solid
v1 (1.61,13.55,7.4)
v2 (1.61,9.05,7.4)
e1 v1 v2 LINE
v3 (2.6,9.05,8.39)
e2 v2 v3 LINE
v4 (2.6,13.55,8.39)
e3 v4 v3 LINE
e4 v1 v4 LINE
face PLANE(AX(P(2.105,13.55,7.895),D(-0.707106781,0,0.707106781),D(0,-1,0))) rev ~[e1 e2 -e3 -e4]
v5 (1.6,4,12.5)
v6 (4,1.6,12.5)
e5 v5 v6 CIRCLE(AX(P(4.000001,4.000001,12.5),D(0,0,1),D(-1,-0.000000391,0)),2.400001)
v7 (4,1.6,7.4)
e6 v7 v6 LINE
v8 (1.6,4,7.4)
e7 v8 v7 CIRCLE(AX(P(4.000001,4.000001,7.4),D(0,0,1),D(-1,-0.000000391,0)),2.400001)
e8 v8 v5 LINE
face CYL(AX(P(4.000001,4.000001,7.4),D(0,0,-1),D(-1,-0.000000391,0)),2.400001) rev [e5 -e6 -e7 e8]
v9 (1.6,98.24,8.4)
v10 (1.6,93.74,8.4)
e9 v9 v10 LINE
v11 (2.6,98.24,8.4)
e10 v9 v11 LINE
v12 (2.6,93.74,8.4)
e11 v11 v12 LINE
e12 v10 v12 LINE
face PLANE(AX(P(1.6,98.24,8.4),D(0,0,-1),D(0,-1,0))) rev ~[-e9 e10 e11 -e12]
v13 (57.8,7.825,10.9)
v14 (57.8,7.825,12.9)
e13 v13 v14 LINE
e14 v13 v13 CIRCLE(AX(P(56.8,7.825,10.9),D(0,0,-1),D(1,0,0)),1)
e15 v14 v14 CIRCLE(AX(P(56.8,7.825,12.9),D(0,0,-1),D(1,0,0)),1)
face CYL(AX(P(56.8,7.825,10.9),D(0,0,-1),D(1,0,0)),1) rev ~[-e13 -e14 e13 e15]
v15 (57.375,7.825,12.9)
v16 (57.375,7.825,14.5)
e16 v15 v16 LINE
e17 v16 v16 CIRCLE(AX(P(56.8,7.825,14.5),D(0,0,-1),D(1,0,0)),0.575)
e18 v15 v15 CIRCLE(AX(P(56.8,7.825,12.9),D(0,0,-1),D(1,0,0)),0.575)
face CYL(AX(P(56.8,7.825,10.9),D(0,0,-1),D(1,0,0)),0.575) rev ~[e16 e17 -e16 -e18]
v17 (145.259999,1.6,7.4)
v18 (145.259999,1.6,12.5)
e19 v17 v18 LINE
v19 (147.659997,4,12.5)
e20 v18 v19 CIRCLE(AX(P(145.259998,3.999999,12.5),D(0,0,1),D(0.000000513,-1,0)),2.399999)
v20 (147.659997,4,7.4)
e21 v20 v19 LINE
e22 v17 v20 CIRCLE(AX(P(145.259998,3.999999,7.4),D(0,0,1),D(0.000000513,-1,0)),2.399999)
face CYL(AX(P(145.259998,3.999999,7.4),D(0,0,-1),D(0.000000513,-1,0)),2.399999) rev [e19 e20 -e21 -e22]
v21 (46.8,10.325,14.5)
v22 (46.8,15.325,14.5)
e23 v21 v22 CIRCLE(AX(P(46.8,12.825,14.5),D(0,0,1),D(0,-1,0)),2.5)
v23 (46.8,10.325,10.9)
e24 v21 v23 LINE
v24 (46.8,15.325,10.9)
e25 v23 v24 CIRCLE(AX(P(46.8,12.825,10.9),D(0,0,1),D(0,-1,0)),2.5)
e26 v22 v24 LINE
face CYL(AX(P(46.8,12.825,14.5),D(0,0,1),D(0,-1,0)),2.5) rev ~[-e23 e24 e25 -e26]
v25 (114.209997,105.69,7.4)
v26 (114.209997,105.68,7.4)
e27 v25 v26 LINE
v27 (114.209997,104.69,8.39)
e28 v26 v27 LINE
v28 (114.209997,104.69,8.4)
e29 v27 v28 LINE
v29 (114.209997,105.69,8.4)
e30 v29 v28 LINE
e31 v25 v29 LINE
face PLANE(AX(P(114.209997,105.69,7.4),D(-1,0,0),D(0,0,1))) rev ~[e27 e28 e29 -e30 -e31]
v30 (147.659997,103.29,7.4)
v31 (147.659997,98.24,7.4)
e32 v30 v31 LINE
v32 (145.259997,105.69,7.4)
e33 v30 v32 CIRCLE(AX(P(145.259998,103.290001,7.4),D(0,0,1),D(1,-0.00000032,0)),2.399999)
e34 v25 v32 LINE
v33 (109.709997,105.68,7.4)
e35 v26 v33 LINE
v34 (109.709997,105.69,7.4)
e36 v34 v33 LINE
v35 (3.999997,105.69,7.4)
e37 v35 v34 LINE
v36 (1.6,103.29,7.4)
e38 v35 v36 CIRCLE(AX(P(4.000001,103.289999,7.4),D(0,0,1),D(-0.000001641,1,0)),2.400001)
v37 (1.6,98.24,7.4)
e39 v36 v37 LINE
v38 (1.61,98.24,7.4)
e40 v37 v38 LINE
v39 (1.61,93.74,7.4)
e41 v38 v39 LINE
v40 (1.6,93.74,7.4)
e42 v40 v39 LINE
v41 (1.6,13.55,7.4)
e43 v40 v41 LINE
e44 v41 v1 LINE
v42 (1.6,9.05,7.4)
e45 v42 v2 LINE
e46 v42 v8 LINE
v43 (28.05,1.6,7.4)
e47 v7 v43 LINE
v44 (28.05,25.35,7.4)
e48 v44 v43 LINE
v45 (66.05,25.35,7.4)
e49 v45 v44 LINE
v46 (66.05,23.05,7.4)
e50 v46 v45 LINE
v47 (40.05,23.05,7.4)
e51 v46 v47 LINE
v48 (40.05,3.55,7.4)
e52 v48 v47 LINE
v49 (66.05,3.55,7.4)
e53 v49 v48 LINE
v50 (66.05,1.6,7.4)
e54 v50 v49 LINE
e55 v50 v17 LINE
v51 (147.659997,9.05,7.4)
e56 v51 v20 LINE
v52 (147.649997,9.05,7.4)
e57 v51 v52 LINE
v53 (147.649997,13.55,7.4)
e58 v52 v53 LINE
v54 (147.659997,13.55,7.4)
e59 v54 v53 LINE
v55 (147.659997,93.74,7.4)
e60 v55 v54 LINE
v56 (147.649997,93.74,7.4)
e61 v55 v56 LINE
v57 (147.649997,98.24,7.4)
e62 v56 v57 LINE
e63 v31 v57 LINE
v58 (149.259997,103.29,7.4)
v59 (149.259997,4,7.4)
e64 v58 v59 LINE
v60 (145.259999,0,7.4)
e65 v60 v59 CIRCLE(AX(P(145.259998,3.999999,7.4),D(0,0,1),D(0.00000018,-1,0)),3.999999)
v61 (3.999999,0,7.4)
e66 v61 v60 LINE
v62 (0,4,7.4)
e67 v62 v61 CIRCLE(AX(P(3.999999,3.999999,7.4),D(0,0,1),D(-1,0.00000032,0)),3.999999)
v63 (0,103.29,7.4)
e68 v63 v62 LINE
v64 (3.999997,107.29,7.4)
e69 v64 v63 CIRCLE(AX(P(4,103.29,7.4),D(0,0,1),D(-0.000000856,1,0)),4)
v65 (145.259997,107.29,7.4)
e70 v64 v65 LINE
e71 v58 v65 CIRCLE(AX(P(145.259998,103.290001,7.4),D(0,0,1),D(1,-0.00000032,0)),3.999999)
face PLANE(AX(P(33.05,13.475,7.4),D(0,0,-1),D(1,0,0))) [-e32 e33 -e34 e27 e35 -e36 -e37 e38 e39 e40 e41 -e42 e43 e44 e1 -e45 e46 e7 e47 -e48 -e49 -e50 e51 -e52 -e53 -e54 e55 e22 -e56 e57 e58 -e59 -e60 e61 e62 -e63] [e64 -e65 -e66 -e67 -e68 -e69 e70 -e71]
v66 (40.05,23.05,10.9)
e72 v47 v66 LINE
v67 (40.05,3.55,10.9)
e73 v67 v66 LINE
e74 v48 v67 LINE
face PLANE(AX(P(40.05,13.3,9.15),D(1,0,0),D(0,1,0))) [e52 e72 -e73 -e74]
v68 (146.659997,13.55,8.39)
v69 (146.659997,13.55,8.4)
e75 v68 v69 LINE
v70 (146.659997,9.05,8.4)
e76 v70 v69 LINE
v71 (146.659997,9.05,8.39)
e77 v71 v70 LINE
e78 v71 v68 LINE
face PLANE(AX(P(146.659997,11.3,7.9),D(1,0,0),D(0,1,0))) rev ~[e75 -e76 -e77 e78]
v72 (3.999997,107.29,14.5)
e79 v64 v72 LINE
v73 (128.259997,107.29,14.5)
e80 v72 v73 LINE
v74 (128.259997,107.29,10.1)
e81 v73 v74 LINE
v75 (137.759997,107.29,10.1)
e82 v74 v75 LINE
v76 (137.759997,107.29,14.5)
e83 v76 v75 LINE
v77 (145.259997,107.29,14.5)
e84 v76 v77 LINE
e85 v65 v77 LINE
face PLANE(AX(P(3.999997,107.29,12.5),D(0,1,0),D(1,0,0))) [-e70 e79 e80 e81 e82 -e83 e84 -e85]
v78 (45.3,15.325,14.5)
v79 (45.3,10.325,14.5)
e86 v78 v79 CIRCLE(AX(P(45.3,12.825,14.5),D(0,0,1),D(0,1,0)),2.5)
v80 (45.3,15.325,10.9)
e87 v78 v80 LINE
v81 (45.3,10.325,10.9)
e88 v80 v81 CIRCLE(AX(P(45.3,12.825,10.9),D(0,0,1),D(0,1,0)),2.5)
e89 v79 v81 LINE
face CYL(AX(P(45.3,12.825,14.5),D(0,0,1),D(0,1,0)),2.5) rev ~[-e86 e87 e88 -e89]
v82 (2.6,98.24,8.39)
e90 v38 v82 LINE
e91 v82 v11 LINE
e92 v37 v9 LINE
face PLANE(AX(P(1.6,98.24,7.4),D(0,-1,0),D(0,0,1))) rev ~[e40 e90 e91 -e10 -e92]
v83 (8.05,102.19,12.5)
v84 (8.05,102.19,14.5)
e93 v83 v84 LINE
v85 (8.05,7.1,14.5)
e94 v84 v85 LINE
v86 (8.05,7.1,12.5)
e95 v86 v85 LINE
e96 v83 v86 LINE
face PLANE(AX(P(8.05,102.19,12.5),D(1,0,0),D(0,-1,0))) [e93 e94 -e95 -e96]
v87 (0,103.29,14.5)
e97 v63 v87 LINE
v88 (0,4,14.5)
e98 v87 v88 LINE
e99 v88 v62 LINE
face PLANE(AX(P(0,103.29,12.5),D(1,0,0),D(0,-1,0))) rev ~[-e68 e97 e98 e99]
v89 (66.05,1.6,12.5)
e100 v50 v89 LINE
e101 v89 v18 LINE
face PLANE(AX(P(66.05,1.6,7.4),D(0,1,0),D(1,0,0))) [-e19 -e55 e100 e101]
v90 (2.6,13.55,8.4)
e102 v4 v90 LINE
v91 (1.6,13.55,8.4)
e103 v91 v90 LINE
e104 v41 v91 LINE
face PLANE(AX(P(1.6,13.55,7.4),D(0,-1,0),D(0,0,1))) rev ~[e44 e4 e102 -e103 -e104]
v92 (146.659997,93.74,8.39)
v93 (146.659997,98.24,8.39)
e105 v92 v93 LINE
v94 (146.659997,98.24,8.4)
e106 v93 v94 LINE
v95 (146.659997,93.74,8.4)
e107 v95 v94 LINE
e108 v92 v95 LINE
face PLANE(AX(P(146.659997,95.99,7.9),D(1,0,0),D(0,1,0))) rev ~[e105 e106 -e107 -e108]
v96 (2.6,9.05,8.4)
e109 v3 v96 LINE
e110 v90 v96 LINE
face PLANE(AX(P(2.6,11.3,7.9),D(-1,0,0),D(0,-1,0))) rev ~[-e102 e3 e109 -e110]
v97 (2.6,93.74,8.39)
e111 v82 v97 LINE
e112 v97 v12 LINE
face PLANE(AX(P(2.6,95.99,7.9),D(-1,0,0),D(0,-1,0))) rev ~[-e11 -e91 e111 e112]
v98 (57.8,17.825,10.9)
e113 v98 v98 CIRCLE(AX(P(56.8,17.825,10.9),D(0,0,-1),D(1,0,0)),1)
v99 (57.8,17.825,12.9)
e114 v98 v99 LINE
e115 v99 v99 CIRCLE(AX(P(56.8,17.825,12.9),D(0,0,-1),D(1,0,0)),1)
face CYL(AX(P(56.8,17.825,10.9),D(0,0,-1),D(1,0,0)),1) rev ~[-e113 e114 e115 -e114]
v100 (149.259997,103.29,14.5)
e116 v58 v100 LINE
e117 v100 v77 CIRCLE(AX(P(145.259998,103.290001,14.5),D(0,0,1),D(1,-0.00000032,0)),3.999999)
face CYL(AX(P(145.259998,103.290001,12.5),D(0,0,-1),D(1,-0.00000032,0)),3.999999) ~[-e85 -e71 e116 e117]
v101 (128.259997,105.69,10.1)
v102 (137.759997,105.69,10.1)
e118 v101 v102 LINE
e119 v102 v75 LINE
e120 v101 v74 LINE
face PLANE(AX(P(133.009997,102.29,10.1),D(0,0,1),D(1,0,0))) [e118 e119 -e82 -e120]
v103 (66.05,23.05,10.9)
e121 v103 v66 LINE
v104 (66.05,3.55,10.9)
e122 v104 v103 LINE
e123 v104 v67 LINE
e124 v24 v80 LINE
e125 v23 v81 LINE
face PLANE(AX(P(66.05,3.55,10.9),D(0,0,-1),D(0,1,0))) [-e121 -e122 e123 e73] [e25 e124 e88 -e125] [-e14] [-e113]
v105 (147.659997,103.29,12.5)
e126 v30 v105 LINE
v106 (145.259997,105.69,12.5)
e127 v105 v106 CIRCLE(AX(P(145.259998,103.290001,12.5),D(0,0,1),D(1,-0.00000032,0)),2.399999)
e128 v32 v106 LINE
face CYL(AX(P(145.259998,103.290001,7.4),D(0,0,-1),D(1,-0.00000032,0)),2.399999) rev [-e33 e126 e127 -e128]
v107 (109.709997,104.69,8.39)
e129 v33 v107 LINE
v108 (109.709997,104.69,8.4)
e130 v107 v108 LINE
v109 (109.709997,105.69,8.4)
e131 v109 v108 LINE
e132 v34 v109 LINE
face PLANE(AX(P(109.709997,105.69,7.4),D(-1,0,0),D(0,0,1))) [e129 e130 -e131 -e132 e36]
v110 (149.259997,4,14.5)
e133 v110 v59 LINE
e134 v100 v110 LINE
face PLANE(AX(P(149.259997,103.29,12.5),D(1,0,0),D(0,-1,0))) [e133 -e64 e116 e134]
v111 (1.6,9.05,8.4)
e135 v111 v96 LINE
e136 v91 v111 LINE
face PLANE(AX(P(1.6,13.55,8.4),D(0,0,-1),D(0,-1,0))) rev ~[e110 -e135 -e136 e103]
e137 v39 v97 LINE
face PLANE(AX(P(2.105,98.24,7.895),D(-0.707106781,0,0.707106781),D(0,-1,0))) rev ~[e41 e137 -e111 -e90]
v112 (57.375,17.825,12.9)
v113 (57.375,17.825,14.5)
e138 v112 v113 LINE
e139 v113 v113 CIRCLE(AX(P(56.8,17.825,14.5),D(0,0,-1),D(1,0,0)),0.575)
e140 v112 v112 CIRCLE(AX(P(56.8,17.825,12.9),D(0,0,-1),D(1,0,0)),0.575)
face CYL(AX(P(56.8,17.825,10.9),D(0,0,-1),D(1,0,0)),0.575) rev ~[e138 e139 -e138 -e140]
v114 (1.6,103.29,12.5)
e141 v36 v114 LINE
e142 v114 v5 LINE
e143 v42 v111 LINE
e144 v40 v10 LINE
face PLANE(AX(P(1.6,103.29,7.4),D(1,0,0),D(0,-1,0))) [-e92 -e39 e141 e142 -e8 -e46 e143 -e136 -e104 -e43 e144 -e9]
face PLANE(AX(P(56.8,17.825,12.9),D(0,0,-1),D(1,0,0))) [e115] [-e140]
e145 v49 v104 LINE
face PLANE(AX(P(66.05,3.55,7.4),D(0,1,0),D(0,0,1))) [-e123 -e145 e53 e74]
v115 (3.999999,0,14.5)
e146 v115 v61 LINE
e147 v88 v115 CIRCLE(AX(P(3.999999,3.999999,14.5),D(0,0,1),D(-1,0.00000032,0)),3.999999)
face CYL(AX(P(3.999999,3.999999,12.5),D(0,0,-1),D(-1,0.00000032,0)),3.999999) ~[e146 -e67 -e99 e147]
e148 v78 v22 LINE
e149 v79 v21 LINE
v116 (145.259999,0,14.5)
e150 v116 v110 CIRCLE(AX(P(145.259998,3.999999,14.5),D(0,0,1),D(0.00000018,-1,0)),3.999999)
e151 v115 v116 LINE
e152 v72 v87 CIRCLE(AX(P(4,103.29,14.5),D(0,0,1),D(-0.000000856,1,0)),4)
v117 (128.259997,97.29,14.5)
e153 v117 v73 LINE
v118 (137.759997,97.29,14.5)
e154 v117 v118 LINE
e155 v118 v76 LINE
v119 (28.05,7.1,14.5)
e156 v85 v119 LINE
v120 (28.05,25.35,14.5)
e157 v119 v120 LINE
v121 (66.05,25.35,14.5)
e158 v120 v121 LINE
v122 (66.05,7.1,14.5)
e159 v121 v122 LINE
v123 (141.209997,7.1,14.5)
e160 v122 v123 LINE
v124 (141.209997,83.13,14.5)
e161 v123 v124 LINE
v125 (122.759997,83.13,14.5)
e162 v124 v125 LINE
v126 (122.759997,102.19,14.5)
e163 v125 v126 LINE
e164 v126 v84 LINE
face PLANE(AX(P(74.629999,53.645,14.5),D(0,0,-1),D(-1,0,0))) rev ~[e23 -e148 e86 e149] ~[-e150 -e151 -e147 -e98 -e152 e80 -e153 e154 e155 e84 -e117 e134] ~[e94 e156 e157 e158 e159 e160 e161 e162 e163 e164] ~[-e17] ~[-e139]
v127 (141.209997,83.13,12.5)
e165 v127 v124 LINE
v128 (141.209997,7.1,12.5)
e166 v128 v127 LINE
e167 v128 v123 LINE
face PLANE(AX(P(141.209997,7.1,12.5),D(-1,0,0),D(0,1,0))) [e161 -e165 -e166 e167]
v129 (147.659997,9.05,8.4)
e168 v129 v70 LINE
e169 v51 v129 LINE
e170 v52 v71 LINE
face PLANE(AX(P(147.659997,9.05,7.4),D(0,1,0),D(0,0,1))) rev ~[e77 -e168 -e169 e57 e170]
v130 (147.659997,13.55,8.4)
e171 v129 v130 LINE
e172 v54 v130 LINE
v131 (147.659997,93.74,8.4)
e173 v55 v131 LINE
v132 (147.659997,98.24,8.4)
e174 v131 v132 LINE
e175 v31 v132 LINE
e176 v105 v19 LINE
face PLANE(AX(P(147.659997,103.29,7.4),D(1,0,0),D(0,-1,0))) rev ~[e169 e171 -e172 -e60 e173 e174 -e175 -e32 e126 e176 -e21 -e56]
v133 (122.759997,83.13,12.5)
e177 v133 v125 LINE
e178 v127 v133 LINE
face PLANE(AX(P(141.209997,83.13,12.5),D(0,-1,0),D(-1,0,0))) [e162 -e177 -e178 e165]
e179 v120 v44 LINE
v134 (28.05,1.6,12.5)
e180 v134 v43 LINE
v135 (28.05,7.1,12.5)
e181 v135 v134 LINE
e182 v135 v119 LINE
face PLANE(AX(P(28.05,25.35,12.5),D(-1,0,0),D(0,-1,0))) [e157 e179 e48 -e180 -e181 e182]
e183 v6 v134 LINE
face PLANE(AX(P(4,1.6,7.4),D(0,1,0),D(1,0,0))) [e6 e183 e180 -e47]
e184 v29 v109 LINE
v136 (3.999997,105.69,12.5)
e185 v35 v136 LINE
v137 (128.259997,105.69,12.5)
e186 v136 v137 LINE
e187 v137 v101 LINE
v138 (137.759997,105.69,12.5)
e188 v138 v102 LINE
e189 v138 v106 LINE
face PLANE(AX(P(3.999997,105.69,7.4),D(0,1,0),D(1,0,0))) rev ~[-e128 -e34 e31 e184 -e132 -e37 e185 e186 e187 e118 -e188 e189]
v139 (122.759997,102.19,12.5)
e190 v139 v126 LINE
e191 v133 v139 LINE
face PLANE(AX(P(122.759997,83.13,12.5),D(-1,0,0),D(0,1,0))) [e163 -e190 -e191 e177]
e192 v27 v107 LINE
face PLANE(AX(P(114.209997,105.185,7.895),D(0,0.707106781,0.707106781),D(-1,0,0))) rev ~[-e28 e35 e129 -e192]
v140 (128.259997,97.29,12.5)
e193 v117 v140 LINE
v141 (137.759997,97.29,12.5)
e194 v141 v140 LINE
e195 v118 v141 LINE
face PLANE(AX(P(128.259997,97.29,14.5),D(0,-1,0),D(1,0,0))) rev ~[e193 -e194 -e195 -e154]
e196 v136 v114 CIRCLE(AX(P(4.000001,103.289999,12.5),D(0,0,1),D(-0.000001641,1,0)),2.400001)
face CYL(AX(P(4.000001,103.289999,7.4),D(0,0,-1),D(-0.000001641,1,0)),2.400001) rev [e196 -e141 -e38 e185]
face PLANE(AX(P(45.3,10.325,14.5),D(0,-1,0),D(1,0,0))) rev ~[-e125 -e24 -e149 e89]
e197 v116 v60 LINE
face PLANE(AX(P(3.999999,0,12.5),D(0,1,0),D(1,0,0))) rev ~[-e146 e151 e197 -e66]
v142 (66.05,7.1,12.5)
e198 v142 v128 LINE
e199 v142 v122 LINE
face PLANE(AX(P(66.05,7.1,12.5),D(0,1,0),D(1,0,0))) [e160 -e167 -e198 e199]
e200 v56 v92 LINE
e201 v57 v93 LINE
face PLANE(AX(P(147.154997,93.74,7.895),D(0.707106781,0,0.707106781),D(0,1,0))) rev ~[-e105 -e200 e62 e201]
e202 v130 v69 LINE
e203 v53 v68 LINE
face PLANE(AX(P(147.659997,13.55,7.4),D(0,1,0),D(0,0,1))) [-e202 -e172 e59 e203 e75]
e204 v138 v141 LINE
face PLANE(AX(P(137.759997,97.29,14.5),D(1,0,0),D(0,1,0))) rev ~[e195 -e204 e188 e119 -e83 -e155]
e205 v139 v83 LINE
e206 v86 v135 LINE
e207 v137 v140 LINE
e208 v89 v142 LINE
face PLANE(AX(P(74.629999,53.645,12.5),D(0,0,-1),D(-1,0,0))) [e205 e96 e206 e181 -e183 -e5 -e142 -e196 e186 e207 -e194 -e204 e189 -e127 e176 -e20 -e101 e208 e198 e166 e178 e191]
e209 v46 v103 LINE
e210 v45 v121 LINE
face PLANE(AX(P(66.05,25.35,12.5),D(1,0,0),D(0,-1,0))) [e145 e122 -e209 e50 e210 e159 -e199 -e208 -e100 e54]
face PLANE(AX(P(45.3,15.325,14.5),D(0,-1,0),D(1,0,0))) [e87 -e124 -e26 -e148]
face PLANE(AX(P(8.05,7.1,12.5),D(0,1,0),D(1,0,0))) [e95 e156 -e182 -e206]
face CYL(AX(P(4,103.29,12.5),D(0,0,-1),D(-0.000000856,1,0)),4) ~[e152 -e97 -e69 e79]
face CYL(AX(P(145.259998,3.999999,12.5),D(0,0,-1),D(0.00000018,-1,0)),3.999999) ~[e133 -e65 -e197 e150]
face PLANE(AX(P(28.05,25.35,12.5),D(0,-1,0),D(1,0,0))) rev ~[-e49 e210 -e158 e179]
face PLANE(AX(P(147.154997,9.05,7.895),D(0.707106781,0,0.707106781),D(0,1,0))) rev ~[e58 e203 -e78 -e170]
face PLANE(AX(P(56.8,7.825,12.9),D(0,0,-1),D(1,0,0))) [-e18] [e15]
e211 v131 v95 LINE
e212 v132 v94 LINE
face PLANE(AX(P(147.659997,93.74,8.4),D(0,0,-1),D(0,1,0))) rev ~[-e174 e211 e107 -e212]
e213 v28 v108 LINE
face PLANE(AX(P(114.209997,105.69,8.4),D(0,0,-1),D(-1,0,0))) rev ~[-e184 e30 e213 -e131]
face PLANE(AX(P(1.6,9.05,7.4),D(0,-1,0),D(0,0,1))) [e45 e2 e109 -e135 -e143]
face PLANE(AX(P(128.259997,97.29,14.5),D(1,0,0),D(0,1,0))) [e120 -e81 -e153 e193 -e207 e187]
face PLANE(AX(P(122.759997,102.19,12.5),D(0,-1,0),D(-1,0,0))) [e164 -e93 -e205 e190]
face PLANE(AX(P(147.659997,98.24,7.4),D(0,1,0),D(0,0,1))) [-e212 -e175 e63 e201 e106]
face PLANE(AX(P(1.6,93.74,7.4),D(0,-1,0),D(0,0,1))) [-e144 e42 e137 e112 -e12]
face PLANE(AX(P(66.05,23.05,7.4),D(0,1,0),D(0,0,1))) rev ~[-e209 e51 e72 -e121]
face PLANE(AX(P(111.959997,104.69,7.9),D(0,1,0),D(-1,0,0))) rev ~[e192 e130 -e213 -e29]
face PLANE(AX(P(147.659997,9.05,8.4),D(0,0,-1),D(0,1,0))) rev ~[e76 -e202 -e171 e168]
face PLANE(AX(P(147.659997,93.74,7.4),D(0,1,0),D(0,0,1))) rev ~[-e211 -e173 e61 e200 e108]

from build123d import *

# Parameters (mm, degrees)
PAD006_DEPTH    = 5.1
PAD007_DEPTH    = 2
SKETCH012_W     = 19.5
SKETCH012_H     = 3.5
POCKET004_DEPTH = 26
POCKET005_DEPTH = 5
SKETCH014_R     = 0.575
POCKET006_DEPTH = 3.6
SKETCH015_R     = 1
POCKET007_DEPTH = 2
SKETCH016_W     = 4.5
SKETCH016_H     = 1
PAD008_DEPTH    = 1
CHAMFER_SIZE    = 0.99
SKETCH017_W     = 4.5
SKETCH017_H     = 1
PAD009_DEPTH    = 1
CHAMFER001_SIZE = 0.99
SKETCH018_W     = 9.5
SKETCH018_H     = 10
POCKET008_DEPTH = 4.4
SKETCH022_W     = 4.5
SKETCH022_H     = 1
PAD011_DEPTH    = 1
CHAMFER002_SIZE = 0.99
SKETCH023_W     = 10
SKETCH023_H     = 23.75
PAD012_DEPTH    = 5.1


with BuildPart() as part:
    # Sketch010 → Pad006 (new body)
    with BuildSketch(Plane.XY.offset(7.4)):
        with BuildLine():
            Line((149.259997, 103.29), (149.259997, 4))
            ThreePointArc((145.259999, 0), (148.088425, 1.171573), (149.259997, 4))
            Line((3.999999, 0), (145.259999, 0))
            ThreePointArc((0, 4), (1.171572, 1.171573), (3.999999, 0))
            Line((0, 103.29), (0, 4))
            ThreePointArc((3.999997, 107.29), (1.171572, 106.118426), (0, 103.29))
            Line((3.999997, 107.29), (145.259997, 107.29))
            ThreePointArc((149.259997, 103.29), (148.088425, 106.118427), (145.259997, 107.29))
        make_face()
        with BuildLine():
            Line((3.999997, 105.69), (145.259997, 105.69))
            ThreePointArc((147.659997, 103.29), (146.957054, 104.987056), (145.259997, 105.69))
            Line((147.659997, 103.29), (147.659997, 4))
            ThreePointArc((145.259999, 1.6), (146.957054, 2.302944), (147.659997, 4))
            Line((66.05, 1.6), (145.259999, 1.6))
            Line((66.05, 1.6), (66.05, 25.35))
            Line((66.05, 25.35), (38.05, 25.35))
            Line((38.05, 25.35), (38.05, 1.6))
            Line((4, 1.6), (38.05, 1.6))
            ThreePointArc((1.6, 4), (2.302944, 2.302944), (4, 1.6))
            Line((1.6, 103.29), (1.6, 4))
            ThreePointArc((3.999997, 105.69), (2.302943, 104.987055), (1.6, 103.29))
        make_face(mode=Mode.SUBTRACT)
    extrude(amount=PAD006_DEPTH)

    # Sketch011 (on Face22 of Pad006) → Pad007 (join)
    with BuildSketch(Plane.XY.offset(12.5)):
        with BuildLine():
            Line((149.259997, 103.29), (149.259997, 4))
            ThreePointArc((145.259999, 0), (148.088425, 1.171573), (149.259997, 4))
            Line((3.999999, 0), (145.259999, 0))
            ThreePointArc((0, 4), (1.171572, 1.171573), (3.999999, 0))
            Line((0, 103.29), (0, 4))
            ThreePointArc((3.999997, 107.29), (1.171572, 106.118426), (0, 103.29))
            Line((3.999997, 107.29), (145.259997, 107.29))
            ThreePointArc((149.259997, 103.29), (148.088425, 106.118427), (145.259997, 107.29))
        make_face()
        Polygon((8.05, 102.19), (8.05, 7.1), (28.05, 7.1), (28.05, 25.35), (66.05, 25.35), (66.05, 7.1), (141.209997, 7.1), (141.209997, 83.13), (122.759997, 83.13), (122.759997, 102.19), align=None, mode=Mode.SUBTRACT)
    extrude(amount=PAD007_DEPTH)

    # Sketch012 (on Face26 of Pad007) → Pocket004 (cut)
    with BuildSketch(Plane.YZ.offset(66.05)):
        with Locations((13.3, 9.15)):
            Rectangle(SKETCH012_W, SKETCH012_H)
    extrude(amount=-POCKET004_DEPTH, mode=Mode.SUBTRACT)

    # Sketch013 (on Face25 of Pocket004) → Pocket005 (cut)
    with BuildSketch(Plane.XY.offset(14.5)):
        with BuildLine():
            ThreePointArc((45.3, 15.325), (42.8, 12.825), (45.3, 10.325))
            Line((45.3, 10.325), (46.8, 10.325))
            ThreePointArc((46.8, 10.325), (49.3, 12.825), (46.8, 15.325))
            Line((45.3, 15.325), (46.8, 15.325))
        make_face()
    extrude(amount=-POCKET005_DEPTH, mode=Mode.SUBTRACT)

    # Sketch014 (on Face29 of Pocket005) → Pocket006 (cut)
    with BuildSketch(Plane(origin=(0, 0, 10.9), x_dir=(1, 0, 0), z_dir=(0, 0, -1))):
        with Locations((56.8, -7.825)):
            Circle(SKETCH014_R)
        with Locations((56.8, -17.825)):
            Circle(SKETCH014_R)
    extrude(amount=-POCKET006_DEPTH, mode=Mode.SUBTRACT)

    # Sketch015 (on Face29 of Pocket006) → Pocket007 (cut)
    with BuildSketch(Plane(origin=(0, 0, 10.9), x_dir=(1, 0, 0), z_dir=(0, 0, -1))):
        with Locations((56.8, -17.825)):
            Circle(SKETCH015_R)
        with Locations((56.8, -7.825)):
            Circle(SKETCH015_R)
    extrude(amount=-POCKET007_DEPTH, mode=Mode.SUBTRACT)

    # Sketch016 (on Face6 of Pocket007) → Pad008 (join)
    with BuildSketch(Plane.YZ.offset(147.659997)):
        with Locations((11.3, 7.9)):
            Rectangle(SKETCH016_W, SKETCH016_H)
        with Locations((95.99, 7.9)):
            Rectangle(SKETCH016_W, SKETCH016_H)
    extrude(amount=-PAD008_DEPTH)

    # Chamfer
    chamfer_edges = [part.edges().sort_by_distance(p)[0] for p in [
        (146.659997, 11.3, 7.4),
        (146.659997, 95.99, 7.4),
    ]]
    chamfer(chamfer_edges, length=CHAMFER_SIZE)

    # Sketch017 (on Face31 of Chamfer) → Pad009 (join)
    with BuildSketch(Plane(origin=(1.6, 0, 0), x_dir=(0, -1, 0), z_dir=(-1, 0, 0))):
        with Locations((-95.99, 7.9)):
            Rectangle(SKETCH017_W, SKETCH017_H)
        with Locations((-11.3, 7.9)):
            Rectangle(SKETCH017_W, SKETCH017_H)
    extrude(amount=-PAD009_DEPTH)

    # Chamfer001
    chamfer001_edges = [part.edges().sort_by_distance(p)[0] for p in [
        (2.6, 95.99, 7.4),
        (2.6, 11.3, 7.4),
    ]]
    chamfer(chamfer001_edges, length=CHAMFER001_SIZE)

    # Sketch018 (on Face47 of Chamfer001) → Pocket008 (cut)
    with BuildSketch(Plane.XY.offset(14.5)):
        with Locations((133.009997, 102.29)):
            Rectangle(SKETCH018_W, SKETCH018_H)
    extrude(amount=-POCKET008_DEPTH, mode=Mode.SUBTRACT)

    # Sketch022 (on Face31 of Pocket008) → Pad011 (join)
    with BuildSketch(Plane(origin=(0, 105.69, 0), x_dir=(-1, 0, 0), z_dir=(0, 1, 0))):
        with Locations((-111.959997, 7.9)):
            Rectangle(SKETCH022_W, SKETCH022_H)
    extrude(amount=-PAD011_DEPTH)

    # Chamfer002
    chamfer002_edges = [part.edges().sort_by_distance(p)[0] for p in [
        (111.959997, 104.69, 7.4),
    ]]
    chamfer(chamfer002_edges, length=CHAMFER002_SIZE)

    # Sketch023 (on Face42 of Chamfer002) → Pad012 (join)
    with BuildSketch(Plane(origin=(0, 0, 12.5), x_dir=(1, 0, 0), z_dir=(0, 0, -1))):
        with Locations((33.05, -13.475)):
            Rectangle(SKETCH023_W, SKETCH023_H)
    extrude(amount=PAD012_DEPTH)


solid = part.part
